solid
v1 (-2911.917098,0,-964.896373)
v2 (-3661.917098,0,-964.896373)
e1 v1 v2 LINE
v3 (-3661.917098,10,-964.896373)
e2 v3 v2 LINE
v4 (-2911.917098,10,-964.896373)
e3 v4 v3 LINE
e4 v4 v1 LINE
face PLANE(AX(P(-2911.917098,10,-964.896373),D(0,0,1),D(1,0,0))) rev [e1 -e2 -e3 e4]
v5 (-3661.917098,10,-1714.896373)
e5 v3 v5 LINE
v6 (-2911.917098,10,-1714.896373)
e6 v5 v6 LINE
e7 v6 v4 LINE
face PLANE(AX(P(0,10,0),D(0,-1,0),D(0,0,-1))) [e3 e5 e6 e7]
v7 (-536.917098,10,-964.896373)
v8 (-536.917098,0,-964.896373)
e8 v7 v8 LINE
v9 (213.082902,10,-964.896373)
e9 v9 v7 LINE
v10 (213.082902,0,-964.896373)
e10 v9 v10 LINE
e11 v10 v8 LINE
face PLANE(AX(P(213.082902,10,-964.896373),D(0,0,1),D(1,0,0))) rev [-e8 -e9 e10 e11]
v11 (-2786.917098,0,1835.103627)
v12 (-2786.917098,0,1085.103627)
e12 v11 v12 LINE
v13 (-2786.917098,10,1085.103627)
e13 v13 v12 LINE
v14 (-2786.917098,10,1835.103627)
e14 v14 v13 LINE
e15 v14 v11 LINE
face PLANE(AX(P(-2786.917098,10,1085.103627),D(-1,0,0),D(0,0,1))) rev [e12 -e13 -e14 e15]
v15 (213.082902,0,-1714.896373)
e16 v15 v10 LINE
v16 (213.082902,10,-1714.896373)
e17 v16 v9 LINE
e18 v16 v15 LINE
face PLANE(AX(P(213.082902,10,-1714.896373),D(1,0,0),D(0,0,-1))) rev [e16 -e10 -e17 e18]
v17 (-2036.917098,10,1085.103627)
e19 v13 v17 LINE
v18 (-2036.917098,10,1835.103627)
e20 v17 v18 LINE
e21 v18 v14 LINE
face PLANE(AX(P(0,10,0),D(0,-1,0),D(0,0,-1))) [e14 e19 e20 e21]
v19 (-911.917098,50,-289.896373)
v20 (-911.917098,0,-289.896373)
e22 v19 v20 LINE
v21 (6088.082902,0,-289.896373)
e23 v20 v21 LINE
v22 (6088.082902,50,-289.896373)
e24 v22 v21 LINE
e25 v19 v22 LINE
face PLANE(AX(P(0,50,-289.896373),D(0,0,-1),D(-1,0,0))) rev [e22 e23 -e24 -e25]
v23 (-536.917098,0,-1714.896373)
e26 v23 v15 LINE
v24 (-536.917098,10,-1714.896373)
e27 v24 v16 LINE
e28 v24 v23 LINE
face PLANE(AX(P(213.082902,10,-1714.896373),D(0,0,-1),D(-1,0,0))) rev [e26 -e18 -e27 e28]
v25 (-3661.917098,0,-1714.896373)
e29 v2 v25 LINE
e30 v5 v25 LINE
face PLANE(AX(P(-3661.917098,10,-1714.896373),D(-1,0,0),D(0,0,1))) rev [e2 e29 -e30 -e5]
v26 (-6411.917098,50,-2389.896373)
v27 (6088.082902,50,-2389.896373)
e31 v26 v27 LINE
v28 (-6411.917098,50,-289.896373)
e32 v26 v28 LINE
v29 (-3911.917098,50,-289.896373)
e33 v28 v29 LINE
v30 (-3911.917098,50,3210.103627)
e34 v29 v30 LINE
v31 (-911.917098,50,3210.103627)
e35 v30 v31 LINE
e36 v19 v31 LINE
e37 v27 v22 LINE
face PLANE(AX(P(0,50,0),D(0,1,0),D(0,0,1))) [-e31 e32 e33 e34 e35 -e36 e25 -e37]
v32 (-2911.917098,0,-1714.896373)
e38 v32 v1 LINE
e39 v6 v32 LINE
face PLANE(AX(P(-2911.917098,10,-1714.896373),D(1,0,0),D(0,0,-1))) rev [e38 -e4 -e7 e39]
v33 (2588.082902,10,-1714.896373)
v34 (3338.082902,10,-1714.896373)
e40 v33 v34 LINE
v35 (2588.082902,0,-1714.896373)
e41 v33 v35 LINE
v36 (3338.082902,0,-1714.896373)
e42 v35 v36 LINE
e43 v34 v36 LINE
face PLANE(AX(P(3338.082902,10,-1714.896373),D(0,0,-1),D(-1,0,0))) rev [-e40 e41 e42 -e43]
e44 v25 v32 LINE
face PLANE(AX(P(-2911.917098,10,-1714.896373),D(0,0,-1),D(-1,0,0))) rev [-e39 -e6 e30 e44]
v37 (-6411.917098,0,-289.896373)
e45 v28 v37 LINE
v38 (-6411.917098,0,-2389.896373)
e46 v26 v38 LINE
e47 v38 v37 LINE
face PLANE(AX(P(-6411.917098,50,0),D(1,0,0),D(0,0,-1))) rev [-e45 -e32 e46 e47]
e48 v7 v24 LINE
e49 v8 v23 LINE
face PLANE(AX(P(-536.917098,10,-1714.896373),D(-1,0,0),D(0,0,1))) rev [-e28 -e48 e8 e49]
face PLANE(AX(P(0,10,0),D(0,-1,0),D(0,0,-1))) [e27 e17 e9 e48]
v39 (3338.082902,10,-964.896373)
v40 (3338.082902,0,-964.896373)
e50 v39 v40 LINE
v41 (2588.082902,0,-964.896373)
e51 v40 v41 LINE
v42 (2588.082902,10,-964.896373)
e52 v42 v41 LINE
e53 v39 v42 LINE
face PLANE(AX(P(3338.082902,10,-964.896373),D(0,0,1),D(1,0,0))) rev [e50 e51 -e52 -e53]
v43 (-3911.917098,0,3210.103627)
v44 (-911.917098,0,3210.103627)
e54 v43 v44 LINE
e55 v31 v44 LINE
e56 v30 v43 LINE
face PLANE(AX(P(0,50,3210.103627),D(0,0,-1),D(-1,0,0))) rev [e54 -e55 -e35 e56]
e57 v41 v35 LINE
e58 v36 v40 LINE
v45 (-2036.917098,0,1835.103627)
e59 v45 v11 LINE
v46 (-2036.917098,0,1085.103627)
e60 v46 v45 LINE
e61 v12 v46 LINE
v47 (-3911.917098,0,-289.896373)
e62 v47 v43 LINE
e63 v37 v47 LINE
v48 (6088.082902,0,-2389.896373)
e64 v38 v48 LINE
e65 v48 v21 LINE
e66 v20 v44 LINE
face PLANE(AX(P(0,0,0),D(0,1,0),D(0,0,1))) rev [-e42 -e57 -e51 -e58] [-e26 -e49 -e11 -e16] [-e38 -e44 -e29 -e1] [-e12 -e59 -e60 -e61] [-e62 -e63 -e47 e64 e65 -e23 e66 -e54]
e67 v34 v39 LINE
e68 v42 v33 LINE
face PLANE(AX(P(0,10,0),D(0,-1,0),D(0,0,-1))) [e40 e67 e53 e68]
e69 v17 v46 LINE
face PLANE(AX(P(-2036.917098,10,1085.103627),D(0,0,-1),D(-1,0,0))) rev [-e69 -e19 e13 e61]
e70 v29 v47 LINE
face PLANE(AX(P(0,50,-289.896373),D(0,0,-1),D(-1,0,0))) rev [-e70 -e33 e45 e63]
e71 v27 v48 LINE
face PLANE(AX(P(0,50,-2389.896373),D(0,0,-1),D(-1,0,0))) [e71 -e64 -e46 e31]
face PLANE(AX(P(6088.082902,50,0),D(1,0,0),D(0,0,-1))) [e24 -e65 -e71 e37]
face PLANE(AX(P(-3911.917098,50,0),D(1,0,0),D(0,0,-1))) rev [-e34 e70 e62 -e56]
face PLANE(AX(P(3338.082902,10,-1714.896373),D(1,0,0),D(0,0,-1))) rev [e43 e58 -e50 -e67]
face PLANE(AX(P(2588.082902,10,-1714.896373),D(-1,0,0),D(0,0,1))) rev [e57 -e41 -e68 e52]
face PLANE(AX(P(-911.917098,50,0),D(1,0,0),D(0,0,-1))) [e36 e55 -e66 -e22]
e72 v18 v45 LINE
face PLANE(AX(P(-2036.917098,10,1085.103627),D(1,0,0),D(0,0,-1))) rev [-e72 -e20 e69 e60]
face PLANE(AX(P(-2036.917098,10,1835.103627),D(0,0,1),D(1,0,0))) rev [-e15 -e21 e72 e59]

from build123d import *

# Parameters (mm, degrees)
SKETCH1_W           = 12500
SKETCH1_H           = 2100
SKETCH1_W_2         = 3000
SKETCH1_H_2         = 3500
BOSS_EXTRUDE1_DEPTH = 50
SKETCH2_W           = 750
SKETCH2_H           = 750
CUT_EXTRUDE1_DEPTH  = 10


with BuildPart() as part:
    # Sketch1 → Boss-Extrude1 (new body)
    with BuildSketch(Plane(origin=(0, 0, 0), x_dir=(1, 0, 0), z_dir=(0, 1, 0))):
        with Locations((-161.917098446, 1339.896373057)):
            Rectangle(SKETCH1_W, SKETCH1_H)
        with Locations((-2411.917098446, -1460.103626943)):
            Rectangle(SKETCH1_W_2, SKETCH1_H_2)
    extrude(amount=BOSS_EXTRUDE1_DEPTH)

    # Sketch2 → Cut-Extrude1 (cut)
    with BuildSketch(Plane.XZ):
        with Locations((-2411.917098446, 1460.103626943)):
            Rectangle(SKETCH2_W, SKETCH2_H)
        with Locations((-3286.917098446, -1339.896373057)):
            Rectangle(SKETCH2_W, SKETCH2_H)
        with Locations((-161.917098446, -1339.896373057)):
            Rectangle(SKETCH2_W, SKETCH2_H)
        with Locations((2963.082901554, -1339.896373057)):
            Rectangle(SKETCH2_W, SKETCH2_H)
    extrude(amount=-CUT_EXTRUDE1_DEPTH, mode=Mode.SUBTRACT)


solid = part.part
